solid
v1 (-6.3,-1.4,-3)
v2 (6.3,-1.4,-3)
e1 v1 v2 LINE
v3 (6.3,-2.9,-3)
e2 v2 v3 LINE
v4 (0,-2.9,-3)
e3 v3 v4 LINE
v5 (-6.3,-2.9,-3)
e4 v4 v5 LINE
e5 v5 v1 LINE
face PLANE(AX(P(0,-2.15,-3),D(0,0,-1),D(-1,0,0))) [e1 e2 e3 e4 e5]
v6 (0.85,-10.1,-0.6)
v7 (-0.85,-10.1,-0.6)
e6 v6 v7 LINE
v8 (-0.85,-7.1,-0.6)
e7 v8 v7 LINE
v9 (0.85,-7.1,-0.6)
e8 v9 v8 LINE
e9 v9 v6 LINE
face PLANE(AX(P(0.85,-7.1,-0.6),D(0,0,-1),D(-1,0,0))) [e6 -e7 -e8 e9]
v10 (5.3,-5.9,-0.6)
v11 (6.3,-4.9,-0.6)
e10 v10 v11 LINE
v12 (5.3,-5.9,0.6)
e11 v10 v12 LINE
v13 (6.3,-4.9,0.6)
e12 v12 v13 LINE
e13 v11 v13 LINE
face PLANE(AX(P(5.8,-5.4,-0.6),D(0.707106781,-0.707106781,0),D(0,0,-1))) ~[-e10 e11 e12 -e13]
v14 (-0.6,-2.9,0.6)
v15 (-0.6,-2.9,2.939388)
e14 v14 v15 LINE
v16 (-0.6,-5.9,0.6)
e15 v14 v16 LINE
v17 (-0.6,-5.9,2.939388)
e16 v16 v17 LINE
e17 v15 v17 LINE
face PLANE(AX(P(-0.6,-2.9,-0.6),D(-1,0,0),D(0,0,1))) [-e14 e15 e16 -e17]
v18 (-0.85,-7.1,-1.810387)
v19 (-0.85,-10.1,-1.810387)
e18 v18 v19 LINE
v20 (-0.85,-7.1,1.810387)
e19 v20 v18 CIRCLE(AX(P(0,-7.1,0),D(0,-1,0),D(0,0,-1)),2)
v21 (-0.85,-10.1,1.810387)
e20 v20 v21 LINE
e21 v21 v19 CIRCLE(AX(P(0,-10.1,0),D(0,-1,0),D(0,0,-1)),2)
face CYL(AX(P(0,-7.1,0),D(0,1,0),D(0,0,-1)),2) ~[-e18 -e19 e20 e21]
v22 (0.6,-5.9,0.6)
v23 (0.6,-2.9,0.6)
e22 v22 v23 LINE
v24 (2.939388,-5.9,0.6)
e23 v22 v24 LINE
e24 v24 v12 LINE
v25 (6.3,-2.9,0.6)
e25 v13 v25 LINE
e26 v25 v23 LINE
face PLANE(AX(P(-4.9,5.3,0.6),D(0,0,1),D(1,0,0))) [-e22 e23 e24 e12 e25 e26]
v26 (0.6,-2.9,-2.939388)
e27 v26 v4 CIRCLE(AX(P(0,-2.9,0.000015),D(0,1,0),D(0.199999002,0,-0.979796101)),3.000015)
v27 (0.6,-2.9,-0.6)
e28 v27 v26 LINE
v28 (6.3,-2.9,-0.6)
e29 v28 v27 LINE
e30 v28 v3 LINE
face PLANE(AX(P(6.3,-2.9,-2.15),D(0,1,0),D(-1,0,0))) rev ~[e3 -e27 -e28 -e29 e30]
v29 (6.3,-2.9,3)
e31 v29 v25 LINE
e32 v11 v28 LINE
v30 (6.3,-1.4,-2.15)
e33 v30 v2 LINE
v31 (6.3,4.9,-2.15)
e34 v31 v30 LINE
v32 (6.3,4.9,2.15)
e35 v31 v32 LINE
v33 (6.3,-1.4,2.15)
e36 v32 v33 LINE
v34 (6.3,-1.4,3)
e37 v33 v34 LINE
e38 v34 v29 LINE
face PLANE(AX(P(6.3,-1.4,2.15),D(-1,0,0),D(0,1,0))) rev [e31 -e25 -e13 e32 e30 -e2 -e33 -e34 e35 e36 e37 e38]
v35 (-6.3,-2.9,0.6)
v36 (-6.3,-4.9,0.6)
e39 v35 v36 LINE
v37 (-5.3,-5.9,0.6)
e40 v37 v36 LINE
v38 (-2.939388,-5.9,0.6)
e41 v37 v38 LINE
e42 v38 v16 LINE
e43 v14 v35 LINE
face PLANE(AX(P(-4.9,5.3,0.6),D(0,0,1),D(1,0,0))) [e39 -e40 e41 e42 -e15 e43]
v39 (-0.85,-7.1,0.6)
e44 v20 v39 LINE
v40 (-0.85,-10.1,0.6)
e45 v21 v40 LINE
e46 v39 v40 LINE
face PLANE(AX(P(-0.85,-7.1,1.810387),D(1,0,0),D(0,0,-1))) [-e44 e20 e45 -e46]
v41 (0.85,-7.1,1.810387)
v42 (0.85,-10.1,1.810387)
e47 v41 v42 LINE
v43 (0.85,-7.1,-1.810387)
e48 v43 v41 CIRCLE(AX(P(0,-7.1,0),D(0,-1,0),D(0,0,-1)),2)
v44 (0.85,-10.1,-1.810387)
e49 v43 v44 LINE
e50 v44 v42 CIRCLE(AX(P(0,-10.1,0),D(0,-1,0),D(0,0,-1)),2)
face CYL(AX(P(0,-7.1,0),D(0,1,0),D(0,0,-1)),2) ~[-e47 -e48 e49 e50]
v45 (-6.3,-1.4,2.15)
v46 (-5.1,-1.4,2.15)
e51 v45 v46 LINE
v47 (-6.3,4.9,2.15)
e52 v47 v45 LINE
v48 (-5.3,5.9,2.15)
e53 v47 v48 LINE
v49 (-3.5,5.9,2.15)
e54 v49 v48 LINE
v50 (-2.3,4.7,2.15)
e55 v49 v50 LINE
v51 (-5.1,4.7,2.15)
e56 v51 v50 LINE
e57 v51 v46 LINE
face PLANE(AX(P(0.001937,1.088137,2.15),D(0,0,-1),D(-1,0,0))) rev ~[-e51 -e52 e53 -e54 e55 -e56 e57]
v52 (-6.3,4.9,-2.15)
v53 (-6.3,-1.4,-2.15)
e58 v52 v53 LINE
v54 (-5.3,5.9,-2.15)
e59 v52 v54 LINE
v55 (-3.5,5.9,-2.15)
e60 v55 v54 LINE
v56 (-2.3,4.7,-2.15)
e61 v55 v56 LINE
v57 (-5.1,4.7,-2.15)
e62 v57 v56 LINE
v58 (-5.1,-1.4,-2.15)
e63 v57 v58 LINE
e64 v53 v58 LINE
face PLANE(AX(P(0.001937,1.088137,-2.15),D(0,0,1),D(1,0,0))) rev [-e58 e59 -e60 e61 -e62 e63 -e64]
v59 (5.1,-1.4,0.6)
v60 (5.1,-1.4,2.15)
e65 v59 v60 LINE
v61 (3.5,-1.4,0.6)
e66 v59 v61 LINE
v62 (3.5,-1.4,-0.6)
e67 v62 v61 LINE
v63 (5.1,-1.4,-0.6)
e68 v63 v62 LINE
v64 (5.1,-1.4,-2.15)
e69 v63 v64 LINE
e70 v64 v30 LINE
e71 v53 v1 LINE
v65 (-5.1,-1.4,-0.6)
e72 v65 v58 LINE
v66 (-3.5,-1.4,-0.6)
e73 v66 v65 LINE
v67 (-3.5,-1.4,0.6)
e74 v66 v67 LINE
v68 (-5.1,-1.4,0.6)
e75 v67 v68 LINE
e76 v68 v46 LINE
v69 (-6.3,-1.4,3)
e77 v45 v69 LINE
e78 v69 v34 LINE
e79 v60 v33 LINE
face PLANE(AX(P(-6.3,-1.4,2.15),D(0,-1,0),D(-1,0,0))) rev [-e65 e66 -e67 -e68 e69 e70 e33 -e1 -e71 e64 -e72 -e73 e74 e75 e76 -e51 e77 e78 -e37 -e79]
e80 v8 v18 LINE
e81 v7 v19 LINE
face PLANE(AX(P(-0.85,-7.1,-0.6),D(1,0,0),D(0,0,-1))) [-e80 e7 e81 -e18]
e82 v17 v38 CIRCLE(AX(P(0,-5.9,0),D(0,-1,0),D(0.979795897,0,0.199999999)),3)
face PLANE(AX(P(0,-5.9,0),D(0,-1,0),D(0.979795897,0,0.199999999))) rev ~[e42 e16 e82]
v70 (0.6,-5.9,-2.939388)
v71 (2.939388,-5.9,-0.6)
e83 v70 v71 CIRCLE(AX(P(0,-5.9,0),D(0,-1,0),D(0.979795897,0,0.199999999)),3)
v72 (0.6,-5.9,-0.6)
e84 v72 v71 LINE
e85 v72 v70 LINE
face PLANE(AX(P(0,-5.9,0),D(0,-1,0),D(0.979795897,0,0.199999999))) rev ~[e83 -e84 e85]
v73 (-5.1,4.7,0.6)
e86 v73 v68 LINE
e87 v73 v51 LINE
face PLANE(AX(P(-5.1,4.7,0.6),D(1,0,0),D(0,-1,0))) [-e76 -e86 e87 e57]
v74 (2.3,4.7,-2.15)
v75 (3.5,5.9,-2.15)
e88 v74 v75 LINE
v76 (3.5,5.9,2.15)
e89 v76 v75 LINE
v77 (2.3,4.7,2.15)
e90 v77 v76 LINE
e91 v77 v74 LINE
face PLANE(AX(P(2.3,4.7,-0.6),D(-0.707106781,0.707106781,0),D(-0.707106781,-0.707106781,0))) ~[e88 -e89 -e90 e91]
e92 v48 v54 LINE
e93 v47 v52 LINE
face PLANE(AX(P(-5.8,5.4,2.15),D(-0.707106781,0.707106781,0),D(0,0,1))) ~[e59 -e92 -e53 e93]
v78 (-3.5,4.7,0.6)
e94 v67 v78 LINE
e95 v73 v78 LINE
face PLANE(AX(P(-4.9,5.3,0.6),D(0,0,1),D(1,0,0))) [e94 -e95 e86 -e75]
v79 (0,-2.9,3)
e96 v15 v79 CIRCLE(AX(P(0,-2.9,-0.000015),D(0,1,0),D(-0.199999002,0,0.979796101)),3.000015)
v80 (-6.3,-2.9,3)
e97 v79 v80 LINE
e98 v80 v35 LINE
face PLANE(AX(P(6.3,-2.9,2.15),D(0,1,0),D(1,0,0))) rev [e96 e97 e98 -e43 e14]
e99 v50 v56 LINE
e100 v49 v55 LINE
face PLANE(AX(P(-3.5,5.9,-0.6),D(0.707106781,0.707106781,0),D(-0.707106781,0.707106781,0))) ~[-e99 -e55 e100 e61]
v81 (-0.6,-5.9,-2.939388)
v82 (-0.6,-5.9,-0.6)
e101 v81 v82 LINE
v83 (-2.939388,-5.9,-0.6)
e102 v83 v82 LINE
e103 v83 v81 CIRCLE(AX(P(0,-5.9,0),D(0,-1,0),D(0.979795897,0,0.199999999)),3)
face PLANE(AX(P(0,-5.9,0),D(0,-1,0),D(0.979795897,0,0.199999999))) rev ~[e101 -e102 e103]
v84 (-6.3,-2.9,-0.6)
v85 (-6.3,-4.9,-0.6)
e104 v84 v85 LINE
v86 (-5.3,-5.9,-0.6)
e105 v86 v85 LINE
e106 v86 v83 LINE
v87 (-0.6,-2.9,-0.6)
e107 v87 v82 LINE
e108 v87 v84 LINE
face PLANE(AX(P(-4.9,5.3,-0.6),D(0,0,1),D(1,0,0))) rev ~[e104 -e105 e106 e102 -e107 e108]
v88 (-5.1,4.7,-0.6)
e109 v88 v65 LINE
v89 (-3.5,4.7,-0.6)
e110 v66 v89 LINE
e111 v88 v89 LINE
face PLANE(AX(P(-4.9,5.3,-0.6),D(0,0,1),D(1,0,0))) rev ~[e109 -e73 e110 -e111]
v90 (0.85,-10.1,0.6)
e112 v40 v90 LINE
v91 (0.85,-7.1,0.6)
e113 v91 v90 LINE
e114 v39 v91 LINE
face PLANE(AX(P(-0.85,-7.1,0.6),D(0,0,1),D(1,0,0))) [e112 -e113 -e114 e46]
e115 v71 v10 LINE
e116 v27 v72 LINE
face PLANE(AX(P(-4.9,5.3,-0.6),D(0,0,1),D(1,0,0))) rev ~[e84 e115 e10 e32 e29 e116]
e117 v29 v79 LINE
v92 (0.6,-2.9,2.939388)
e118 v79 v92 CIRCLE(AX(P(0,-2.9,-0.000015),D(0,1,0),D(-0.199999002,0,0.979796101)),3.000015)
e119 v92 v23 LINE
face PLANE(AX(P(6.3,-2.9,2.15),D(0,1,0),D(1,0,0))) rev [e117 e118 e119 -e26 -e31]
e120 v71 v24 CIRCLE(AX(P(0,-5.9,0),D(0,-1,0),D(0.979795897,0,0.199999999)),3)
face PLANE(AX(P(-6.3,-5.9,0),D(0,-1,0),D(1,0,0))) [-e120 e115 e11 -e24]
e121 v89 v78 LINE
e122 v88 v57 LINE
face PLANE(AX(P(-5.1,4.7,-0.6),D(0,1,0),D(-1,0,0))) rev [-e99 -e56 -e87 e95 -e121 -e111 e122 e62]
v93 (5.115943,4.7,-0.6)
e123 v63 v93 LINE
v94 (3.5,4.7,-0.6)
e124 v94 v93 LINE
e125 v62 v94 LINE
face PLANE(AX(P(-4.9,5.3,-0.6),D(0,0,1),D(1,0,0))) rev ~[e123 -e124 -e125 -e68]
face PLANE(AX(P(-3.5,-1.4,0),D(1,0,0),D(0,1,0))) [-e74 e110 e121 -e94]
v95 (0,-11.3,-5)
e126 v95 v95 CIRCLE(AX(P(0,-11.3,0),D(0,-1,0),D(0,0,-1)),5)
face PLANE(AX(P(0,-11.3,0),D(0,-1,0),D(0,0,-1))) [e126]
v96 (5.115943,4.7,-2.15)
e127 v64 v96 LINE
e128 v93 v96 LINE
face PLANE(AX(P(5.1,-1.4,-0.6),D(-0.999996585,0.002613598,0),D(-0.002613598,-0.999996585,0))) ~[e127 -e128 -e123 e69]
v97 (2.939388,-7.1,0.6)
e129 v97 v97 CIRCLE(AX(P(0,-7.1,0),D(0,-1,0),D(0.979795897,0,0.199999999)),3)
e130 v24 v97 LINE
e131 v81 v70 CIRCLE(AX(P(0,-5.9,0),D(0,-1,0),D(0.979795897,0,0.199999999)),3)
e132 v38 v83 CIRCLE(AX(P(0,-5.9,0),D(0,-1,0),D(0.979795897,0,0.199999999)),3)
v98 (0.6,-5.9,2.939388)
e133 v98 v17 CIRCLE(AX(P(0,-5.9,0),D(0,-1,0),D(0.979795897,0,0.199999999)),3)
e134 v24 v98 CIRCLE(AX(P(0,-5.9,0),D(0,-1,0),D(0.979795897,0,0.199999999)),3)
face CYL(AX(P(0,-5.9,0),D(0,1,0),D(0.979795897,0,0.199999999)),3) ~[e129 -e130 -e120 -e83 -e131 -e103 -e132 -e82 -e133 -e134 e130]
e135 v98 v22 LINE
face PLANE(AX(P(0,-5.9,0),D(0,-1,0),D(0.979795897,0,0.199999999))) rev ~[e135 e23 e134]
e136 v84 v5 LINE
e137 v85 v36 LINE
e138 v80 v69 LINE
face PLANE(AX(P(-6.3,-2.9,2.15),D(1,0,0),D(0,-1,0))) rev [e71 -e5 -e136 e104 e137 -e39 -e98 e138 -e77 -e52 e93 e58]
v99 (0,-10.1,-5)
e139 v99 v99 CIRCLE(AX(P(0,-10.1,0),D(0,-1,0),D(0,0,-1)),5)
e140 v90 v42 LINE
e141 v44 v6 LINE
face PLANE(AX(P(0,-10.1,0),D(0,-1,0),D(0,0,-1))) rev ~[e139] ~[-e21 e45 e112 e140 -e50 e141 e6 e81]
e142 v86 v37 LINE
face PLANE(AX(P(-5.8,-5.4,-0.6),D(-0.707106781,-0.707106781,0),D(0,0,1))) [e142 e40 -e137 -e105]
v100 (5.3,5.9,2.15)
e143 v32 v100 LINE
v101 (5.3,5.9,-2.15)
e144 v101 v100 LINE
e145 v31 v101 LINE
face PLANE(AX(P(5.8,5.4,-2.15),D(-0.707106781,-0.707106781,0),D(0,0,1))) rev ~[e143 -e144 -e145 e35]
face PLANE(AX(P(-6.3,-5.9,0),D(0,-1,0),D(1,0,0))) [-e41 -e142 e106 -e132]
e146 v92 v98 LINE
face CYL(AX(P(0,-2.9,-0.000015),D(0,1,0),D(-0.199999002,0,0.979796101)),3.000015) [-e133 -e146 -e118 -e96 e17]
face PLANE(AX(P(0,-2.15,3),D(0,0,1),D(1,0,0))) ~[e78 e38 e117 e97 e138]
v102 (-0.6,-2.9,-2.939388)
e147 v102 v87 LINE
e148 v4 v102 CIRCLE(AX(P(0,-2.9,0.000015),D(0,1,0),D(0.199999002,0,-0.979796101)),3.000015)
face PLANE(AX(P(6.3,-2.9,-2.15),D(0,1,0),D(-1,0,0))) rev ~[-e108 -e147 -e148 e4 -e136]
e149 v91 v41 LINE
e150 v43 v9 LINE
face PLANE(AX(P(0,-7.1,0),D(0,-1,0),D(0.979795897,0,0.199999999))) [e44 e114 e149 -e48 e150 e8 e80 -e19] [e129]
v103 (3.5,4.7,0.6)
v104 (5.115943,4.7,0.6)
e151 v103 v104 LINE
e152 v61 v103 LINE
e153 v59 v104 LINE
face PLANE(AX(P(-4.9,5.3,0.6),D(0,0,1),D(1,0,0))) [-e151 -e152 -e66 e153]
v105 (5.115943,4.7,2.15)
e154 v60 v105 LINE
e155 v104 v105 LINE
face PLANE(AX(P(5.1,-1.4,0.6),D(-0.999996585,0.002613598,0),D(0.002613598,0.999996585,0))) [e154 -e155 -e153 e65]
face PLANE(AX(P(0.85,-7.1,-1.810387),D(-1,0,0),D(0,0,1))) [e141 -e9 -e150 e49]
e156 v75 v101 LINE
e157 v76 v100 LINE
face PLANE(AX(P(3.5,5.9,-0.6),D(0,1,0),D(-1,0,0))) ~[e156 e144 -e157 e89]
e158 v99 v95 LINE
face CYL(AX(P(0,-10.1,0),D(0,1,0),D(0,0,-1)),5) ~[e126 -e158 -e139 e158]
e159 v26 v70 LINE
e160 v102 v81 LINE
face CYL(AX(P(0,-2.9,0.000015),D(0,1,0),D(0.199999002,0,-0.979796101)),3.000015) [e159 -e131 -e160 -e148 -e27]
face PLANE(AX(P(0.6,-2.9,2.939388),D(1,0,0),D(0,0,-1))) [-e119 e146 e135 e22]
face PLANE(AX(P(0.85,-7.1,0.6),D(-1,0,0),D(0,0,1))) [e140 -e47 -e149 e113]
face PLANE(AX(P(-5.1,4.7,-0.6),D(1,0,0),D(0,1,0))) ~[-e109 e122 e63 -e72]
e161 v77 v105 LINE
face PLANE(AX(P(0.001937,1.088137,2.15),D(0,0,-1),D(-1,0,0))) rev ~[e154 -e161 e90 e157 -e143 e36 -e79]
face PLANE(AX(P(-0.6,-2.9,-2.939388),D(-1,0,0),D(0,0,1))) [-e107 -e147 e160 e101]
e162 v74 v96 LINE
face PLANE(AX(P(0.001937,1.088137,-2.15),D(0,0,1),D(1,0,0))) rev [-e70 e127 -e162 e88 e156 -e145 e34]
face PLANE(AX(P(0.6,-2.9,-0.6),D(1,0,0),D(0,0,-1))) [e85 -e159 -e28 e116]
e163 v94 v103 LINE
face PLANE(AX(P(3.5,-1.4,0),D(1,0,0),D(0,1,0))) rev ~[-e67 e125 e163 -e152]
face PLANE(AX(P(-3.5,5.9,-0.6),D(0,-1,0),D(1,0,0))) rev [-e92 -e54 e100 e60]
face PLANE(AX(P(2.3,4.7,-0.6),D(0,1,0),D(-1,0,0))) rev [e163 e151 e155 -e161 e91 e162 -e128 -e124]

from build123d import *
from build123d.topology import SkipClean

# Parameters (mm, degrees)
SKETCH1_W           = 2.8
SKETCH1_H           = 1.2
SKETCH1_H_2         = 6.1
SKETCH1_H_3         = 4.5
SKETCH1_W_2         = 1.2
SKETCH1_W_3         = 4.6
BOSS_EXTRUDE1_DEPTH = 0.6
BOSS_EXTRUDE2_DEPTH = 1.55
BOSS_EXTRUDE3_DEPTH = 0.85
SKETCH6_R           = 3
BOSS_EXTRUDE4_DEPTH = 1.2
BOSS_EXTRUDE5_START = 3
BOSS_EXTRUDE5_DEPTH = 3
SKETCH8_R           = 2
BOSS_EXTRUDE6_DEPTH = 3
CUT_EXTRUDE1_START  = -3
CUT_EXTRUDE1_DEPTH  = 3
SKETCH10_R          = 5
BOSS_EXTRUDE7_DEPTH = 1.2
CHAMFER1_SIZE       = 1


with BuildPart() as part:
    # Sketch1 → Boss-Extrude1 (new, symmetric)
    with BuildSketch(Plane.XY):
        with Locations((-4.9, 5.3)):
            Rectangle(SKETCH1_W, SKETCH1_H)
        Polygon((-2.3, 4.7), (-3.5, 5.9), (-3.5, 4.7), align=None)
        with Locations((-4.9, 1.65)):
            Rectangle(SKETCH1_W, SKETCH1_H_2)
        with Locations((-4.9, -3.65)):
            Rectangle(SKETCH1_W, SKETCH1_H_3)
        with Locations((-2.9, -3.65)):
            Rectangle(SKETCH1_W_2, SKETCH1_H_3)
        with Locations((0, -3.65)):
            Rectangle(SKETCH1_W_3, SKETCH1_H_3)
        with Locations((2.9, -3.65)):
            Rectangle(SKETCH1_W_2, SKETCH1_H_3)
        with Locations((4.9, -3.65)):
            Rectangle(SKETCH1_W, SKETCH1_H_3)
        with Locations((4.9, 1.65)):
            Rectangle(SKETCH1_W, SKETCH1_H_2)
        Polygon((3.5, 5.9), (2.3, 4.7), (3.5, 4.7), align=None)
        with Locations((4.9, 5.3)):
            Rectangle(SKETCH1_W, SKETCH1_H)
    extrude(amount=BOSS_EXTRUDE1_DEPTH, both=True)

    # Sketch3 → Boss-Extrude2 (add)
    with BuildSketch(Plane.XY.offset(0.6)):
        Polygon((-6.3, 4.7), (-6.3, 5.9), (-5.1, 5.9), (-3.5, 5.9), (-2.3, 4.7), (-3.5, 4.7), (-5.1, 4.7), (-5.1, -1.4), (3.5, -1.4), (5.1, -1.4), (5.115943, 4.7), (3.5, 4.7), (2.3, 4.7), (3.5, 5.9), (6.3, 5.9), (6.3, -2.9), (-6.3, -2.9), align=None)
    boss_extrude2 = extrude(amount=BOSS_EXTRUDE2_DEPTH)

    # Mirror1: Boss-Extrude2 across plane
    add(boss_extrude2.mirror(Plane.XY))

    # Sketch5 → Boss-Extrude3 (add)
    with BuildSketch(Plane(origin=(0, 0, -2.15), x_dir=(-1, 0, 0), z_dir=(0, 0, -1))):
        Polygon((-5.1, -1.4), (-6.3, -1.4), (-6.3, -2.9), (6.3, -2.9), (6.3, -1.4), align=None)
    boss_extrude3 = extrude(amount=BOSS_EXTRUDE3_DEPTH)

    # Mirror2: Boss-Extrude3 across plane
    add(boss_extrude3.mirror(Plane.XY))

    # Sketch6 → Boss-Extrude4 (add)
    with BuildSketch(Plane.XZ.offset(5.9)):
        with Locations(Location((0, 0, 0), (0, 0, 11.536959))):
            Circle(SKETCH6_R)
    extrude(amount=BOSS_EXTRUDE4_DEPTH)

    # Sketch7 → Boss-Extrude5 (add)
    with SkipClean():  # the faces are left unmerged after this step: merging them gives an invalid solid
        with BuildSketch(Plane(origin=(0, -5.9, 0), x_dir=(1, 0, 0), z_dir=(0, 1, 0)).offset(BOSS_EXTRUDE5_START)):
            with BuildLine():
                Line((-0.6, 0.6), (-0.6, -2.939388))
                ThreePointArc((-0.6, -2.939388), (0, -3), (0.6, -2.939388))
                Line((0.6, -2.939388), (0.6, 0.6))
                Line((0.6, 0.6), (-0.6, 0.6))
            make_face()
            with BuildLine():
                Line((-0.6, 2.939388), (-0.6, 0.6))
                Line((-0.6, 0.6), (0.6, 0.6))
                Line((0.6, 0.6), (0.6, 2.939388))
                ThreePointArc((0.6, 2.939388), (0, 3), (-0.6, 2.939388))
            make_face()
        extrude(amount=-BOSS_EXTRUDE5_DEPTH)

    # Sketch8 → Boss-Extrude6 (add)
    with SkipClean():  # the faces are left unmerged after this step: merging them gives an invalid solid
        with BuildSketch(Plane.XZ.offset(7.1)):
            with Locations(Location((0, 0, 0), (0, 0, 270))):
                Circle(SKETCH8_R)
        extrude(amount=BOSS_EXTRUDE6_DEPTH)

    # Sketch9 → Cut-Extrude1 (cut)
    with SkipClean():  # the faces are left unmerged after this step: merging them gives an invalid solid
        with BuildSketch(Plane.XZ.offset(10.1).offset(CUT_EXTRUDE1_START)):
            with BuildLine():
                Line((-0.85, -0.6), (-0.85, -1.810387))
                ThreePointArc((-0.85, -1.810387), (0, -2), (0.85, -1.810387))
                Line((0.85, -1.810387), (0.85, -0.6))
                Line((0.85, -0.6), (-0.85, -0.6))
            make_face()
            with BuildLine():
                ThreePointArc((0.85, 1.810387), (0, 2), (-0.85, 1.810387))
                Line((-0.85, 1.810387), (-0.85, 0.6))
                Line((-0.85, 0.6), (0.85, 0.6))
                Line((0.85, 0.6), (0.85, 1.810387))
            make_face()
        extrude(amount=CUT_EXTRUDE1_DEPTH, mode=Mode.SUBTRACT)

    # Sketch10 → Boss-Extrude7 (add)
    with SkipClean():  # the faces are left unmerged after this step: merging them gives an invalid solid
        with BuildSketch(Plane.XZ.offset(10.1)):
            with Locations(Location((0, 0, 0), (0, 0, 270))):
                Circle(SKETCH10_R)
        extrude(amount=BOSS_EXTRUDE7_DEPTH)

    # Chamfer1
    chamfer1_edges = [part.edges().sort_by_distance(p)[0] for p in [
        (-6.3, 5.9, 0),
        (6.3, 5.9, 0),
        (6.3, -5.9, 0),
        (-6.3, -5.9, 0),
    ]]
    chamfer(chamfer1_edges, length=CHAMFER1_SIZE)


solid = part.part
